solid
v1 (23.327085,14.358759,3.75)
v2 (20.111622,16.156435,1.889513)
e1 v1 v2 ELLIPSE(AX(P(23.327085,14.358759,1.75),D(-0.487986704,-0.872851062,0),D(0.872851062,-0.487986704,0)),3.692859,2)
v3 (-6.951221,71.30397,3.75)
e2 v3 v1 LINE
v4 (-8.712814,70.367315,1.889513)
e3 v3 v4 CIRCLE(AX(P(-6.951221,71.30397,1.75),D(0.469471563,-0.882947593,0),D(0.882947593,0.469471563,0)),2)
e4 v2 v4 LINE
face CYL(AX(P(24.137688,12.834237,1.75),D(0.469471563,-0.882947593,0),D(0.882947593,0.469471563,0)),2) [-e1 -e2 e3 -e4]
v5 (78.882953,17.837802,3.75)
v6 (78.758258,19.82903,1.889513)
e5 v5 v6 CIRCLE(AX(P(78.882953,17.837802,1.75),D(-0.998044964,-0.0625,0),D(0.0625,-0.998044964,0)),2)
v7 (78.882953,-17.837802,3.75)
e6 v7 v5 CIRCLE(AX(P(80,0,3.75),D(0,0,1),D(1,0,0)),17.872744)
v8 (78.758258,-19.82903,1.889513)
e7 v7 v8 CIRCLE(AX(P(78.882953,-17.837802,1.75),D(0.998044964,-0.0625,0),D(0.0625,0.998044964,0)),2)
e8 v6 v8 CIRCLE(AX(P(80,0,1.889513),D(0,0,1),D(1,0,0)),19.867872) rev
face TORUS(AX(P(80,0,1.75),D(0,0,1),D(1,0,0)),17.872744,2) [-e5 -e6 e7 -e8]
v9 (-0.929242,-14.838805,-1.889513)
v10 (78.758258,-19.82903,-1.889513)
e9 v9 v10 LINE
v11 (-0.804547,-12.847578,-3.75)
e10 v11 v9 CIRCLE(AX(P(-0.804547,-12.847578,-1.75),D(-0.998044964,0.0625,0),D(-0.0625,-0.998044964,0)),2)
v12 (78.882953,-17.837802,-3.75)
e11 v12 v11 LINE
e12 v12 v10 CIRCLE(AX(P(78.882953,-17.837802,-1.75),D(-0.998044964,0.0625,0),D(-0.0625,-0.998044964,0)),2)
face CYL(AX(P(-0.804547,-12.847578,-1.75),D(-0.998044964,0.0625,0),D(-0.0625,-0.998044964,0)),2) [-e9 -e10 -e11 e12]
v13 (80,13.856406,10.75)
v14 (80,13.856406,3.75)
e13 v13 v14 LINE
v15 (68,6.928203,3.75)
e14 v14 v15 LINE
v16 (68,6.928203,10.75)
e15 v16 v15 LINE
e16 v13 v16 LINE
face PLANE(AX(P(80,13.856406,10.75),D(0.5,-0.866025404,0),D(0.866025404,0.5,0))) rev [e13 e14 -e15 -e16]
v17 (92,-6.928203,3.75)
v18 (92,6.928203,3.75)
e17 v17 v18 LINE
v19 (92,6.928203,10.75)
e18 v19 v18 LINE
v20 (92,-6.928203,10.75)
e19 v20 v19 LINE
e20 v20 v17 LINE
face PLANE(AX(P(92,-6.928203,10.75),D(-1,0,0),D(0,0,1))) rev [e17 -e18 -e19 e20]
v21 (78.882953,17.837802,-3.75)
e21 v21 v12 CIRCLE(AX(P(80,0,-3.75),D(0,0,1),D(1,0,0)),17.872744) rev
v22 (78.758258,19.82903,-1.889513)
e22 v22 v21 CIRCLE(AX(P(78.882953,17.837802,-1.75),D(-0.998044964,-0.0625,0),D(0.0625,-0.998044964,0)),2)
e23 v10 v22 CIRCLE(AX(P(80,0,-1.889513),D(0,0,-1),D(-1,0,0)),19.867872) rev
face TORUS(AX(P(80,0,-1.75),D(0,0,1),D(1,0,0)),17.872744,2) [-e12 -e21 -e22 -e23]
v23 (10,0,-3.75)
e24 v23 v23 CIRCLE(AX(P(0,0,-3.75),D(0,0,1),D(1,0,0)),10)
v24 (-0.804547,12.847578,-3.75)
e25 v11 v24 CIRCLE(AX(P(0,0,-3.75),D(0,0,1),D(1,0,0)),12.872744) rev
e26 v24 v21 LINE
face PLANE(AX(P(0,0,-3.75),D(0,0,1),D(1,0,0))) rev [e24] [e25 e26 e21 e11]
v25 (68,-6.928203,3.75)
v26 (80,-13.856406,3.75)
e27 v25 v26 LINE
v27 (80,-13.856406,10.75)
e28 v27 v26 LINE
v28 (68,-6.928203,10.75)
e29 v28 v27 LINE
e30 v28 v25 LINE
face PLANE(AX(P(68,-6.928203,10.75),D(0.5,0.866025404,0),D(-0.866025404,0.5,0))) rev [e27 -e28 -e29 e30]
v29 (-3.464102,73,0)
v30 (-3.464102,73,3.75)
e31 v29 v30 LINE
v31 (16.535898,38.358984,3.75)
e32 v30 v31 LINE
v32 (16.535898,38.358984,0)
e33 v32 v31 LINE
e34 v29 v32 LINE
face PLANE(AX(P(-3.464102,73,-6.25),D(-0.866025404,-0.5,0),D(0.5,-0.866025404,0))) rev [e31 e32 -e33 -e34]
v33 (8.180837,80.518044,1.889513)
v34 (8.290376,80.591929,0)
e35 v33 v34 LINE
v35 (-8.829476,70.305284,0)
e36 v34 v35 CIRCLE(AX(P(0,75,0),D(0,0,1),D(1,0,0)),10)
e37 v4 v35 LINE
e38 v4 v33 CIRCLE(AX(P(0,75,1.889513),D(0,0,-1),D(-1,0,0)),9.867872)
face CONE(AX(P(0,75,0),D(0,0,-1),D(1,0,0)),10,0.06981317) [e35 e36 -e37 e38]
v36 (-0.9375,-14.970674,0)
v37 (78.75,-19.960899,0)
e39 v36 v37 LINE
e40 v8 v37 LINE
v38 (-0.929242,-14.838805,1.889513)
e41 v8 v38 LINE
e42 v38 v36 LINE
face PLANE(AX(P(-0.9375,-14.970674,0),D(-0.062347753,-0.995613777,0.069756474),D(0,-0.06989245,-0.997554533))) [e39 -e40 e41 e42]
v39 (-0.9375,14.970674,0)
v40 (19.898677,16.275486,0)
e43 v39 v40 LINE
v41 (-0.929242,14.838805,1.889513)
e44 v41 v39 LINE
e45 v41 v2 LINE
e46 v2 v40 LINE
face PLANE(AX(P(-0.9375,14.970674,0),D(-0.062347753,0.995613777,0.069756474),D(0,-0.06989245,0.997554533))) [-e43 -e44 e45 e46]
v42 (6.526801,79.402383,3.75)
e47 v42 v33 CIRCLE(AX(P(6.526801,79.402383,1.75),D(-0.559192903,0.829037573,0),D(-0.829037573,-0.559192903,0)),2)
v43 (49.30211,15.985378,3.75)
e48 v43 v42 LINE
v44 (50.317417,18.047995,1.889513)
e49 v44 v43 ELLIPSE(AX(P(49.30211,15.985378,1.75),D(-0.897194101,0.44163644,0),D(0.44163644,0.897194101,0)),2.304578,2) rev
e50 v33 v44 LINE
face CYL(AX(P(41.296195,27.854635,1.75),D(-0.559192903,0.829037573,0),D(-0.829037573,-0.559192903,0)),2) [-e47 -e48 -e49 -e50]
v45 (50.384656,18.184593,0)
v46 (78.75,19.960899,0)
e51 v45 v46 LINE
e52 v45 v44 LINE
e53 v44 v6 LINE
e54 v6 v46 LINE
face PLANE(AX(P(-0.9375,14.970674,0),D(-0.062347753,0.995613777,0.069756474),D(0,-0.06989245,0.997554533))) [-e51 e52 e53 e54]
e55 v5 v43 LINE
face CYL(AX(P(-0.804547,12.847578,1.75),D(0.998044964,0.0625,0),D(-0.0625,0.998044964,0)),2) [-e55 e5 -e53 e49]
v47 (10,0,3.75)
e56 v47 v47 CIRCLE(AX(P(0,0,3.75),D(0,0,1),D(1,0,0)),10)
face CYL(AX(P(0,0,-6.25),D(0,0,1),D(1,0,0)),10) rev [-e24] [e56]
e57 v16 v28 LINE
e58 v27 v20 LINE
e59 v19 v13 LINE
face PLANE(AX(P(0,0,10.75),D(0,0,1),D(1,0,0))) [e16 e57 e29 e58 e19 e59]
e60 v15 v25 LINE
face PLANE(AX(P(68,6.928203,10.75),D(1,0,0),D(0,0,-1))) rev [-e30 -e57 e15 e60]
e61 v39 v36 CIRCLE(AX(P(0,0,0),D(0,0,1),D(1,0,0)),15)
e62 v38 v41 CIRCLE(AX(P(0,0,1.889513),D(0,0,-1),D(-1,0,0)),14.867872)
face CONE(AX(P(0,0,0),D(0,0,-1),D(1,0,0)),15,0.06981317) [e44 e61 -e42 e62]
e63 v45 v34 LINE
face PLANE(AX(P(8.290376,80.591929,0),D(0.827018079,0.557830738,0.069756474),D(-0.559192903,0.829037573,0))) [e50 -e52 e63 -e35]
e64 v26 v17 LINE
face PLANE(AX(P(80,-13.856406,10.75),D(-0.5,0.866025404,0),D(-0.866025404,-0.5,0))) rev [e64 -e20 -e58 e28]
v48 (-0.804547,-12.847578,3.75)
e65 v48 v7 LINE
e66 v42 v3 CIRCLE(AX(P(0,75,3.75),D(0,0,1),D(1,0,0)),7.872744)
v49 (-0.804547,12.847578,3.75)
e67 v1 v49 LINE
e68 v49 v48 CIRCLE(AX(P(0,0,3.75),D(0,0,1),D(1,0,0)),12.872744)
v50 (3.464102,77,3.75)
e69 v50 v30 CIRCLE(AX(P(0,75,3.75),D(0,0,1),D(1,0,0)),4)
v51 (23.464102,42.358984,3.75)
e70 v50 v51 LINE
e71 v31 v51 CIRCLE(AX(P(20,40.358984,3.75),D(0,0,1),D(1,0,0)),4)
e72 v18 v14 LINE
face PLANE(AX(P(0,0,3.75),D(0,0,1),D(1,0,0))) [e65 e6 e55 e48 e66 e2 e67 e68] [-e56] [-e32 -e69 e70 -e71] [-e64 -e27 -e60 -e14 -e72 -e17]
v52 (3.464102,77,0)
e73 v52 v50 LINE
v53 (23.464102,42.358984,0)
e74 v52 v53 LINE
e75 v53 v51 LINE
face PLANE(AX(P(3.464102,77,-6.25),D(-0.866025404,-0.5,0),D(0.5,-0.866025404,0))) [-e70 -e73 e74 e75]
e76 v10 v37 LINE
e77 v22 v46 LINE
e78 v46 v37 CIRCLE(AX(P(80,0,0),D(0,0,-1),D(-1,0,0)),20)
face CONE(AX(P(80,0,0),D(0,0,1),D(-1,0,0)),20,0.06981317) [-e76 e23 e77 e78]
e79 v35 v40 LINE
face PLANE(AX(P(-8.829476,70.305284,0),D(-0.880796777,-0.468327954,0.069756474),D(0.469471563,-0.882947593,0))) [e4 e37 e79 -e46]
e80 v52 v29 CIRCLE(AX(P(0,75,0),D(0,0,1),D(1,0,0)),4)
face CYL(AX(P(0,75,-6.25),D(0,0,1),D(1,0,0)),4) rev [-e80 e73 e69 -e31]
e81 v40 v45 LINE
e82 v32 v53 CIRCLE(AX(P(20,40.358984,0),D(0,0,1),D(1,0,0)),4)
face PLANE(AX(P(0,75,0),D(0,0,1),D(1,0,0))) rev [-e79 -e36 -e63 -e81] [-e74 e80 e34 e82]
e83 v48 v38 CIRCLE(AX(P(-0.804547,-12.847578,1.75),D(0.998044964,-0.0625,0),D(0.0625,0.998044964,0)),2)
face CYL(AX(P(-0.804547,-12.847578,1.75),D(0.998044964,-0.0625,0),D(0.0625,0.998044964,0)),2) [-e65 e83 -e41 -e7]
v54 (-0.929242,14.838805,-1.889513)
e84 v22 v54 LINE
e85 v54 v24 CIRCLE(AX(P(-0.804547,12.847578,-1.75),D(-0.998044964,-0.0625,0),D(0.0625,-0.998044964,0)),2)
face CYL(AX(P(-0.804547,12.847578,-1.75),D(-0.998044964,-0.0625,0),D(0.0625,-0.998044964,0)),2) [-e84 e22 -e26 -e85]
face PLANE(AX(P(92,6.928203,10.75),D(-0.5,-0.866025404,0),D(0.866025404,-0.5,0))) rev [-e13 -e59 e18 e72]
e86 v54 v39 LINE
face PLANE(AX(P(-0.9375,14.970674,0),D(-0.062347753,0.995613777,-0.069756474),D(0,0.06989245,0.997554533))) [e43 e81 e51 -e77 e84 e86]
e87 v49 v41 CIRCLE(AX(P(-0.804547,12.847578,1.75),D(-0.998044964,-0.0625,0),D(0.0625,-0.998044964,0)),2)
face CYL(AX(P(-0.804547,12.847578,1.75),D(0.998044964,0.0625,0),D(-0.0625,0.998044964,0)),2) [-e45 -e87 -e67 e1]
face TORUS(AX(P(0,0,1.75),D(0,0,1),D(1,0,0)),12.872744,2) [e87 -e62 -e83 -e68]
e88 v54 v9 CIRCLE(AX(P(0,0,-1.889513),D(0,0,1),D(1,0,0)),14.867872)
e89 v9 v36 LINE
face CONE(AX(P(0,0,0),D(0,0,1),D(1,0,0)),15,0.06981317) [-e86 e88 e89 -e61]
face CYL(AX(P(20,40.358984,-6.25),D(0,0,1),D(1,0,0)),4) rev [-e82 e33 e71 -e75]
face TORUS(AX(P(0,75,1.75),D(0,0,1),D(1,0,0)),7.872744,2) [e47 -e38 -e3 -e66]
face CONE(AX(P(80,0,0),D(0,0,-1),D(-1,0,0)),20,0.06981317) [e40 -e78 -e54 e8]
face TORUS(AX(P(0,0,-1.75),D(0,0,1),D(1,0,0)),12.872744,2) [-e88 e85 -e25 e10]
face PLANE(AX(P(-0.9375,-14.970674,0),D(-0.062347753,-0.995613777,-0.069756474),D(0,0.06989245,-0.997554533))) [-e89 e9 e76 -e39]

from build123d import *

# Parameters (mm, degrees)
EXTRUDE_366_DEPTH           = 3.75
EXTRUDE_366_TAPER           = 4.000000000000009
EXTRUDE_366_OTHER_WAY_DEPTH = 3.75
EXTRUDE_366_OTHER_WAY_TAPER = 4.000000000000009
EXTRUDE_746_DEPTH           = 3.75
EXTRUDE_746_TAPER           = 4.000000000000009
CUT_EXTRUDE_1239_DEPTH      = 10
SKETCH_4_R                  = 10
CUT_EXTRUDE_1_DEPTH         = 10
EXTRUDE_1783_DEPTH          = 7
FILLET_2_R                  = 2
FILLET_3_R                  = 2


with BuildPart() as part:
    # Эскиз1 → Extrude 366 (new body)
    with BuildSketch(Plane.XY):
        with BuildLine():
            ThreePointArc((-0.9374999999999997, 14.970674458754353), (-15.000000000000044, 1.84e-15), (-0.9374999999999997, -14.970674458754353))
            Line((-0.9374999999999997, -14.970674458754353), (78.75, -19.960899278339134))
            ThreePointArc((78.75, -19.960899278339134), (100, 0), (78.75, 19.960899278339134))
            Line((78.75, 19.960899278339134), (-0.9374999999999997, 14.970674458754353))
        make_face()
    extrude(amount=EXTRUDE_366_DEPTH, taper=EXTRUDE_366_TAPER)

    # Эскиз1 → Extrude 366 other way (add)
    with BuildSketch(Plane.XY):
        with BuildLine():
            ThreePointArc((-0.9374999999999997, 14.970674458754353), (-15.000000000000044, 1.84e-15), (-0.9374999999999997, -14.970674458754353))
            Line((-0.9374999999999997, -14.970674458754353), (78.75, -19.960899278339134))
            ThreePointArc((78.75, -19.960899278339134), (100, 0), (78.75, 19.960899278339134))
            Line((78.75, 19.960899278339134), (-0.9374999999999997, 14.970674458754353))
        make_face()
    extrude(amount=-EXTRUDE_366_OTHER_WAY_DEPTH, taper=EXTRUDE_366_OTHER_WAY_TAPER)

    # Эскиз2 → Extrude 746 (add)
    with BuildSketch(Plane.XY):
        with BuildLine():
            Line((-8.829475928589163, 70.3052843721409), (28.552506867722524, 0))
            Line((28.552506867722524, 0), (62.650318248221396, 1.896e-14))
            Line((62.650318248221396, 1.896e-14), (8.2903757255504, 80.59192903470749))
            ThreePointArc((8.2903757255504, 80.59192903470749), (-5.150380749100648, 83.57167300702106), (-8.829475928589163, 70.3052843721409))
        make_face()
    extrude(amount=EXTRUDE_746_DEPTH, taper=EXTRUDE_746_TAPER)

    # Эскиз3 → Cut-Extrude 1239 (cut)
    with BuildSketch(Plane.XY.offset(3.75)):
        with BuildLine():
            Line((3.464101615137748, 77.00000000000001), (23.464101615137906, 42.35898384862258))
            ThreePointArc((23.464101615137906, 42.35898384862258), (22.00000000000019, 36.89488223348481), (16.53589838486241, 38.358983848622536))
            Line((16.53589838486241, 38.358983848622536), (-3.464101615137746, 72.99999999999997))
            ThreePointArc((-3.464101615137746, 72.99999999999997), (-2.00000000000002, 78.46410161513775), (3.464101615137748, 77.00000000000001))
        make_face()
    extrude(amount=-CUT_EXTRUDE_1239_DEPTH, mode=Mode.SUBTRACT)

    # Эскиз4 → отверстие1 (cut)
    with BuildSketch(Plane.XY.offset(3.75)):
        Circle(SKETCH_4_R)
    extrude(amount=-CUT_EXTRUDE_1_DEPTH, mode=Mode.SUBTRACT)

    # Эскиз5 → Extrude 1783 (add)
    with BuildSketch(Plane.XY.offset(3.75)):
        Polygon((79.99999999999999, 13.856406460551018), (68, 6.928203230275526), (68, -6.9282032302754955), (80, -13.856406460551012), (92, -6.928203230275516), (92, 6.928203230275502), align=None)
    extrude(amount=EXTRUDE_1783_DEPTH)

    # Скругление2
    fillet_2_edges = [part.edges().sort_by_distance(p)[0] for p in [
        (99.73777445521183, -1.332e-14, -3.75),
        (99.73777445521183, -3.77e-15, 3.7499999999999996),
        (9.700092064405581, 15.374087104269854, 3.7499999999999987),
        (-14.737774455211877, -5.44e-15, 3.7499999999999996),
        (38.922639096549254, -17.204073984160544, 3.750000000000001),
        (38.922639096549226, 17.20407398416053, -3.75),
        (64.50880005583919, 18.806341534992715, 3.7499999999999996),
        (-14.737774455211884, -4.44e-15, -3.75),
        (38.92263909654925, -17.204073984160534, -3.75),
    ]]
    fillet(fillet_2_edges, radius=FILLET_2_R)

    # Скругление3
    fillet_3_edges = [part.edges().sort_by_distance(p)[0] for p in [
        (6.342464766178029, 42.32956867017836, 3.7500000000000004),
        (-5.0153246093207, 83.34690184461985, 3.7499999999999996),
        (29.766776124769358, 48.282920306520026, 3.7499999999999885),
    ]]
    fillet(fillet_3_edges, radius=FILLET_3_R)


solid = part.part
